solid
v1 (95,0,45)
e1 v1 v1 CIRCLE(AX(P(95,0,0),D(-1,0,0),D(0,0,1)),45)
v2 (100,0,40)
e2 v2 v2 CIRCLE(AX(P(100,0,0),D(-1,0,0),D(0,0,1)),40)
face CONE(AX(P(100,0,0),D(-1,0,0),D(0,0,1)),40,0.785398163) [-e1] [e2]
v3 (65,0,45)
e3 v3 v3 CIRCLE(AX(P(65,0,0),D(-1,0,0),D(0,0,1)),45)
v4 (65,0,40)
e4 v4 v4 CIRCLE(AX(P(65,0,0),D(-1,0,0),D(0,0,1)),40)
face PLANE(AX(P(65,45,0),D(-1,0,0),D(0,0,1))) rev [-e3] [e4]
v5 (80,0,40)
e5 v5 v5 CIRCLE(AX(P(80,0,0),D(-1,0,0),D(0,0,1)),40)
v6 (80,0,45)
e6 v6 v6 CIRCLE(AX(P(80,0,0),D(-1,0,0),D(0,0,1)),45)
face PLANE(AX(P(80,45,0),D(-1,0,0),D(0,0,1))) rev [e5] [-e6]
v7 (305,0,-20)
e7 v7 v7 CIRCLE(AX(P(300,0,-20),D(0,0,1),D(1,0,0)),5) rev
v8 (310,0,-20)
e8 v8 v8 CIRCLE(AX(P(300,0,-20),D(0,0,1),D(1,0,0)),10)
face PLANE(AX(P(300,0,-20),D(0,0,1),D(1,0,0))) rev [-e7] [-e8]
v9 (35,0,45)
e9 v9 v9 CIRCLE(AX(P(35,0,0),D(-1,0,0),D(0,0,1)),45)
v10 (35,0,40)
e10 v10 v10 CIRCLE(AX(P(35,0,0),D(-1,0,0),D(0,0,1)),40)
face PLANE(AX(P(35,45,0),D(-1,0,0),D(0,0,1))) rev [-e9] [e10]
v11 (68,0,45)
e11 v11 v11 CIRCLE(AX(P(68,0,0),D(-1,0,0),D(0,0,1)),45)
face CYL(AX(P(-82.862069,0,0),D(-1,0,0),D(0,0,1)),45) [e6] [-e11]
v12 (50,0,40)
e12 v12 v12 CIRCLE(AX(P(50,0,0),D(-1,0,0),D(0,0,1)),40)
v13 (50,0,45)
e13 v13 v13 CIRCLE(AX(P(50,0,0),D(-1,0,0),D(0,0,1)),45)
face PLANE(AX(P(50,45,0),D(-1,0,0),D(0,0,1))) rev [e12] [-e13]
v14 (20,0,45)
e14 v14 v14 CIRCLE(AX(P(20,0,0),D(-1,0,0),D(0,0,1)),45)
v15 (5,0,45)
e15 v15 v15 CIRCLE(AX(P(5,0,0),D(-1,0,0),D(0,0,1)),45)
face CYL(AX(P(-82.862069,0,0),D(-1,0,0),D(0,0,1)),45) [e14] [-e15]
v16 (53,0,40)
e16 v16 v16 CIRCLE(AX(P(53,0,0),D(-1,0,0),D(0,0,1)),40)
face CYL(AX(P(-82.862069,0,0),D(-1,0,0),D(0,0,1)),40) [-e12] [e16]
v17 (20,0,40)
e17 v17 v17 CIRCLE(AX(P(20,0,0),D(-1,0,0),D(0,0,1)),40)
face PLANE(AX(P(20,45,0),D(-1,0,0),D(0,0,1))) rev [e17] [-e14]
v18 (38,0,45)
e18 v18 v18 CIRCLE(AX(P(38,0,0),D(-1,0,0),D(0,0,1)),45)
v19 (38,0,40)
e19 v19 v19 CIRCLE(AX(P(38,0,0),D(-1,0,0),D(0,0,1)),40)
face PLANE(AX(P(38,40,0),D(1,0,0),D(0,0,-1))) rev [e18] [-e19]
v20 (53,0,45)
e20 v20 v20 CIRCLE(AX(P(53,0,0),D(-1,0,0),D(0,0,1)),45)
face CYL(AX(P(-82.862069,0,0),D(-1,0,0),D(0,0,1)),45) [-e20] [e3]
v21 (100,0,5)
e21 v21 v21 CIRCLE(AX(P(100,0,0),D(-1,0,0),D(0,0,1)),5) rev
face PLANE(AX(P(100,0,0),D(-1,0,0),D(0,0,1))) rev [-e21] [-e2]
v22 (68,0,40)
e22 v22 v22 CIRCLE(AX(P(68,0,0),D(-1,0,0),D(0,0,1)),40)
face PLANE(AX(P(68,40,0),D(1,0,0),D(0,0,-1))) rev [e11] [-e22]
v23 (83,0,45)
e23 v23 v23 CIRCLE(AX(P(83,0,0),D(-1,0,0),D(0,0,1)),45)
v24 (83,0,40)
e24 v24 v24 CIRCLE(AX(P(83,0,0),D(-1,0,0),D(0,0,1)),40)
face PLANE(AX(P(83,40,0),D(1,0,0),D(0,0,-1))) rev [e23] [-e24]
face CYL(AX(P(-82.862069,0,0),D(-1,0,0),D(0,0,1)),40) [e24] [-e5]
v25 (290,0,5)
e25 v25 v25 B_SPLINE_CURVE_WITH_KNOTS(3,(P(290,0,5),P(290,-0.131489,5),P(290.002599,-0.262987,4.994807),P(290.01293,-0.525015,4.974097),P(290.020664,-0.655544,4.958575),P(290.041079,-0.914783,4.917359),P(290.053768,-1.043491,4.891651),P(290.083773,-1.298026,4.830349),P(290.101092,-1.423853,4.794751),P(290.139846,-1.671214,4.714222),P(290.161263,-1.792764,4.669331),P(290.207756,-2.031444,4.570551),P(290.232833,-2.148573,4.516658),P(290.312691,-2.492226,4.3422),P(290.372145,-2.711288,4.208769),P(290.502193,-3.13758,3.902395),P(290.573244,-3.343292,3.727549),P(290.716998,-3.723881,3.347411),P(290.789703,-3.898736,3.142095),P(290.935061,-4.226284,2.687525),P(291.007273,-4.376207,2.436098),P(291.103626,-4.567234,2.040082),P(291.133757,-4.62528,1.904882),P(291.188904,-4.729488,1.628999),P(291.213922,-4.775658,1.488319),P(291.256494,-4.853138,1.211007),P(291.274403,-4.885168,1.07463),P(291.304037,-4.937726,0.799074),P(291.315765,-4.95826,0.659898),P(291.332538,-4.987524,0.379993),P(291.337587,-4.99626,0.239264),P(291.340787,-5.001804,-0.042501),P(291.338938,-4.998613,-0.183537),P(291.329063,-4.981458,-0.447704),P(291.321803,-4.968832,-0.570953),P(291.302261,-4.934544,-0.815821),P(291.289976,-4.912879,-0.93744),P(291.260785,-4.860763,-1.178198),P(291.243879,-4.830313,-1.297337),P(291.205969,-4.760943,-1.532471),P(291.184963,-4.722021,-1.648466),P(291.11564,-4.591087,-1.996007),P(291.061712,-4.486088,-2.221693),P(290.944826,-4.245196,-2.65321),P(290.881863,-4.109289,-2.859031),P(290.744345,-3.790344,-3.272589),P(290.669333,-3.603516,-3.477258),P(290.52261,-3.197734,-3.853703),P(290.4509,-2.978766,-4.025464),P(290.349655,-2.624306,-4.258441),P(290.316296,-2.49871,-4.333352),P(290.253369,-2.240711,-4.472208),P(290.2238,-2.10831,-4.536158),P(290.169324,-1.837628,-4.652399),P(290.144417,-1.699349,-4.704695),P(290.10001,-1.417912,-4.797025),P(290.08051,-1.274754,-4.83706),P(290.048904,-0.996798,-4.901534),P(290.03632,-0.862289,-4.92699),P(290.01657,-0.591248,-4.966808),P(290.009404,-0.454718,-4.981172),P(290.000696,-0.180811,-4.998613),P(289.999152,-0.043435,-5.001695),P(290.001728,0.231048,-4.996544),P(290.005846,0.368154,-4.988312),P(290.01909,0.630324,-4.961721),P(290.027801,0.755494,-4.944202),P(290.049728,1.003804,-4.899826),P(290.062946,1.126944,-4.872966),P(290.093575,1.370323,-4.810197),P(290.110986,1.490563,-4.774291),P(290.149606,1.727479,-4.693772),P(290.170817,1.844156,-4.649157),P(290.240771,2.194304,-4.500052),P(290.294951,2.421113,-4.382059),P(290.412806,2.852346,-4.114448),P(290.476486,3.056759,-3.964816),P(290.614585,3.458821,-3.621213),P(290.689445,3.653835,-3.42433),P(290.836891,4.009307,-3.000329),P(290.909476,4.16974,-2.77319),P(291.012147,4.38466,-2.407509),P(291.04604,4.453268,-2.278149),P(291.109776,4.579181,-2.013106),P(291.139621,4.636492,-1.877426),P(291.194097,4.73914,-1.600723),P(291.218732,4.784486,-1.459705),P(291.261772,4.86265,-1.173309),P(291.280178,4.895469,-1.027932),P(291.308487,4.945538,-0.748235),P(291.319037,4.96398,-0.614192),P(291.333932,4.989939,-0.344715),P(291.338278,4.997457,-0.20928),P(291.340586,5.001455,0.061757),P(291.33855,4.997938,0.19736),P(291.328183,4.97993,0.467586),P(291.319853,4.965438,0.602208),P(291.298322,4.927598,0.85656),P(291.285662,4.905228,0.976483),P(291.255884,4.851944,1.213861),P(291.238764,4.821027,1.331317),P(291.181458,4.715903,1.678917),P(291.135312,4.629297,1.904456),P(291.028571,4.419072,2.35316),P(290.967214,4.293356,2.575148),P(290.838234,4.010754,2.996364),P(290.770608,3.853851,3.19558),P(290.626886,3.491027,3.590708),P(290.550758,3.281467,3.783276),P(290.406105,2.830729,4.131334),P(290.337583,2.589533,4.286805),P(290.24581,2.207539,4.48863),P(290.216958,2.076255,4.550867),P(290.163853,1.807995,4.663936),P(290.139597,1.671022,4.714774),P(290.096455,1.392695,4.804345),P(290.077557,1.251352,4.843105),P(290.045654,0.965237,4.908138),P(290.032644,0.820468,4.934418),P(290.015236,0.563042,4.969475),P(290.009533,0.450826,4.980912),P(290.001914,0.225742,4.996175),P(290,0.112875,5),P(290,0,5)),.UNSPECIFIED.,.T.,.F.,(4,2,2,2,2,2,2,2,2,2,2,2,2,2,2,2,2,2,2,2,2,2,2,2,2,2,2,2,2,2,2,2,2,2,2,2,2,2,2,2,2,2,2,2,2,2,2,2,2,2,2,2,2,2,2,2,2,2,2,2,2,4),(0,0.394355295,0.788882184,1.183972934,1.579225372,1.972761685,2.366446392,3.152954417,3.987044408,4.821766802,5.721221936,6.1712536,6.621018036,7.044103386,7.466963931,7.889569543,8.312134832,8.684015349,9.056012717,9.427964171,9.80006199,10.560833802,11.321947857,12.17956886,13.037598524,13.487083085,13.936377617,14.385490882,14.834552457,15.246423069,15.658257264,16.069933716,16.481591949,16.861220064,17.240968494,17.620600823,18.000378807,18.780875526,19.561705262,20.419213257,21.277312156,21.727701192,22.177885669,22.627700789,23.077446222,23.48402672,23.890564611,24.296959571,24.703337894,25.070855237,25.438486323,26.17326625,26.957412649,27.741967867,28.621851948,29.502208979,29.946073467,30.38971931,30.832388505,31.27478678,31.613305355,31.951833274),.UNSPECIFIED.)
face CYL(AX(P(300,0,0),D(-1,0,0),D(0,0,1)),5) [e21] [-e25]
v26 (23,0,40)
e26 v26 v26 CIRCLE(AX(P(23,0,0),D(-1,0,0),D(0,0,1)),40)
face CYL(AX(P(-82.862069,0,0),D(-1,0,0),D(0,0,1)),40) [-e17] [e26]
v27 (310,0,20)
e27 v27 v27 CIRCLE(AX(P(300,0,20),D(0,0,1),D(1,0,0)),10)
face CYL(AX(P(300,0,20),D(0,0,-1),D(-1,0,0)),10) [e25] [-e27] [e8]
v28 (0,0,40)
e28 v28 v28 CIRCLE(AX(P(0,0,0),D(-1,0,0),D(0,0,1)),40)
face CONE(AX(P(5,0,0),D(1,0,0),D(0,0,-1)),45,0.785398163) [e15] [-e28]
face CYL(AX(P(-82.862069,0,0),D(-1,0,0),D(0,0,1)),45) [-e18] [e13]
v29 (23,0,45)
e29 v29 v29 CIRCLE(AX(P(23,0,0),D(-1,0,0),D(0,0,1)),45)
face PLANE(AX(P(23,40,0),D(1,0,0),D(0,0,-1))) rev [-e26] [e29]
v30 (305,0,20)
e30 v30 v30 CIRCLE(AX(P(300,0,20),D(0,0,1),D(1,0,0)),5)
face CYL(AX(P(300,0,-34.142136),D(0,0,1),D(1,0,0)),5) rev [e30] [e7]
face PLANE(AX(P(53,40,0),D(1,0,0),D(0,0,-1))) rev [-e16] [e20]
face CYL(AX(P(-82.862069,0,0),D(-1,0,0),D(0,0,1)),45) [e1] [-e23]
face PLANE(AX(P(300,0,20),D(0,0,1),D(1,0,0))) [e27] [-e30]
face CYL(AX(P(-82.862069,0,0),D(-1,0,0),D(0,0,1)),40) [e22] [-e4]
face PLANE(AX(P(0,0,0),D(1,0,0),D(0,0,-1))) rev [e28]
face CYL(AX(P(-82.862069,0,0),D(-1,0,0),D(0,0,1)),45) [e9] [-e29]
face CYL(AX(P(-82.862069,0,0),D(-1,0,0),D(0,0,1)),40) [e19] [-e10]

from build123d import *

# Parameters (mm, degrees)
SKETCH_2_R          = 5
EXTRUDE_1_DEPTH     = 200
SKETCH_3_R          = 10
EXTRUDE_2_DEPTH     = 20
SKETCH_4_R          = 5
CUT_EXTRUDE_1_DEPTH = 40


with BuildPart() as part:
    # Эскиз1 → Повернуть1 (revolve)
    with BuildSketch(Plane.XY, mode=Mode.PRIVATE) as revolve_1_sk:
        Polygon((0, 40), (5, 45), (20, 45), (20, 40), (23, 40), (23, 45), (35, 45), (35, 40), (38, 40), (38, 45), (50, 45), (50, 40), (53, 40), (53, 45), (65, 45), (65, 40), (68, 40), (68, 45), (80, 45), (80, 40), (83, 40), (83, 45), (95, 45), (100, 40), (100, 0), (0, 0), align=None)
    revolve(revolve_1_sk.sketch.rotate(Axis((-82.862068966, 0, 0), (1, 0, 0)), 90), axis=Axis((-82.862068966, 0, 0), (1, 0, 0)))

    # Эскиз2 → Бобышка-Вытянуть1 (add)
    with BuildSketch(Plane(origin=(100, 0, 0), x_dir=(0, 0, -1), z_dir=(1, 0, 0))):
        with Locations(Location((0, 0, 0), (0, 0, 180))):
            Circle(SKETCH_2_R)
    extrude(amount=EXTRUDE_1_DEPTH)

    # Эскиз3 → Бобышка-Вытянуть2 (add, symmetric)
    with BuildSketch(Plane.XY):
        with Locations((300, 0)):
            Circle(SKETCH_3_R)
    extrude(amount=EXTRUDE_2_DEPTH, both=True)

    # Эскиз4 → Вырез-Вытянуть1 (cut)
    with BuildSketch(Plane.XY.offset(20)):
        with Locations((300, 0)):
            Circle(SKETCH_4_R)
    extrude(amount=-CUT_EXTRUDE_1_DEPTH, mode=Mode.SUBTRACT)


solid = part.part
